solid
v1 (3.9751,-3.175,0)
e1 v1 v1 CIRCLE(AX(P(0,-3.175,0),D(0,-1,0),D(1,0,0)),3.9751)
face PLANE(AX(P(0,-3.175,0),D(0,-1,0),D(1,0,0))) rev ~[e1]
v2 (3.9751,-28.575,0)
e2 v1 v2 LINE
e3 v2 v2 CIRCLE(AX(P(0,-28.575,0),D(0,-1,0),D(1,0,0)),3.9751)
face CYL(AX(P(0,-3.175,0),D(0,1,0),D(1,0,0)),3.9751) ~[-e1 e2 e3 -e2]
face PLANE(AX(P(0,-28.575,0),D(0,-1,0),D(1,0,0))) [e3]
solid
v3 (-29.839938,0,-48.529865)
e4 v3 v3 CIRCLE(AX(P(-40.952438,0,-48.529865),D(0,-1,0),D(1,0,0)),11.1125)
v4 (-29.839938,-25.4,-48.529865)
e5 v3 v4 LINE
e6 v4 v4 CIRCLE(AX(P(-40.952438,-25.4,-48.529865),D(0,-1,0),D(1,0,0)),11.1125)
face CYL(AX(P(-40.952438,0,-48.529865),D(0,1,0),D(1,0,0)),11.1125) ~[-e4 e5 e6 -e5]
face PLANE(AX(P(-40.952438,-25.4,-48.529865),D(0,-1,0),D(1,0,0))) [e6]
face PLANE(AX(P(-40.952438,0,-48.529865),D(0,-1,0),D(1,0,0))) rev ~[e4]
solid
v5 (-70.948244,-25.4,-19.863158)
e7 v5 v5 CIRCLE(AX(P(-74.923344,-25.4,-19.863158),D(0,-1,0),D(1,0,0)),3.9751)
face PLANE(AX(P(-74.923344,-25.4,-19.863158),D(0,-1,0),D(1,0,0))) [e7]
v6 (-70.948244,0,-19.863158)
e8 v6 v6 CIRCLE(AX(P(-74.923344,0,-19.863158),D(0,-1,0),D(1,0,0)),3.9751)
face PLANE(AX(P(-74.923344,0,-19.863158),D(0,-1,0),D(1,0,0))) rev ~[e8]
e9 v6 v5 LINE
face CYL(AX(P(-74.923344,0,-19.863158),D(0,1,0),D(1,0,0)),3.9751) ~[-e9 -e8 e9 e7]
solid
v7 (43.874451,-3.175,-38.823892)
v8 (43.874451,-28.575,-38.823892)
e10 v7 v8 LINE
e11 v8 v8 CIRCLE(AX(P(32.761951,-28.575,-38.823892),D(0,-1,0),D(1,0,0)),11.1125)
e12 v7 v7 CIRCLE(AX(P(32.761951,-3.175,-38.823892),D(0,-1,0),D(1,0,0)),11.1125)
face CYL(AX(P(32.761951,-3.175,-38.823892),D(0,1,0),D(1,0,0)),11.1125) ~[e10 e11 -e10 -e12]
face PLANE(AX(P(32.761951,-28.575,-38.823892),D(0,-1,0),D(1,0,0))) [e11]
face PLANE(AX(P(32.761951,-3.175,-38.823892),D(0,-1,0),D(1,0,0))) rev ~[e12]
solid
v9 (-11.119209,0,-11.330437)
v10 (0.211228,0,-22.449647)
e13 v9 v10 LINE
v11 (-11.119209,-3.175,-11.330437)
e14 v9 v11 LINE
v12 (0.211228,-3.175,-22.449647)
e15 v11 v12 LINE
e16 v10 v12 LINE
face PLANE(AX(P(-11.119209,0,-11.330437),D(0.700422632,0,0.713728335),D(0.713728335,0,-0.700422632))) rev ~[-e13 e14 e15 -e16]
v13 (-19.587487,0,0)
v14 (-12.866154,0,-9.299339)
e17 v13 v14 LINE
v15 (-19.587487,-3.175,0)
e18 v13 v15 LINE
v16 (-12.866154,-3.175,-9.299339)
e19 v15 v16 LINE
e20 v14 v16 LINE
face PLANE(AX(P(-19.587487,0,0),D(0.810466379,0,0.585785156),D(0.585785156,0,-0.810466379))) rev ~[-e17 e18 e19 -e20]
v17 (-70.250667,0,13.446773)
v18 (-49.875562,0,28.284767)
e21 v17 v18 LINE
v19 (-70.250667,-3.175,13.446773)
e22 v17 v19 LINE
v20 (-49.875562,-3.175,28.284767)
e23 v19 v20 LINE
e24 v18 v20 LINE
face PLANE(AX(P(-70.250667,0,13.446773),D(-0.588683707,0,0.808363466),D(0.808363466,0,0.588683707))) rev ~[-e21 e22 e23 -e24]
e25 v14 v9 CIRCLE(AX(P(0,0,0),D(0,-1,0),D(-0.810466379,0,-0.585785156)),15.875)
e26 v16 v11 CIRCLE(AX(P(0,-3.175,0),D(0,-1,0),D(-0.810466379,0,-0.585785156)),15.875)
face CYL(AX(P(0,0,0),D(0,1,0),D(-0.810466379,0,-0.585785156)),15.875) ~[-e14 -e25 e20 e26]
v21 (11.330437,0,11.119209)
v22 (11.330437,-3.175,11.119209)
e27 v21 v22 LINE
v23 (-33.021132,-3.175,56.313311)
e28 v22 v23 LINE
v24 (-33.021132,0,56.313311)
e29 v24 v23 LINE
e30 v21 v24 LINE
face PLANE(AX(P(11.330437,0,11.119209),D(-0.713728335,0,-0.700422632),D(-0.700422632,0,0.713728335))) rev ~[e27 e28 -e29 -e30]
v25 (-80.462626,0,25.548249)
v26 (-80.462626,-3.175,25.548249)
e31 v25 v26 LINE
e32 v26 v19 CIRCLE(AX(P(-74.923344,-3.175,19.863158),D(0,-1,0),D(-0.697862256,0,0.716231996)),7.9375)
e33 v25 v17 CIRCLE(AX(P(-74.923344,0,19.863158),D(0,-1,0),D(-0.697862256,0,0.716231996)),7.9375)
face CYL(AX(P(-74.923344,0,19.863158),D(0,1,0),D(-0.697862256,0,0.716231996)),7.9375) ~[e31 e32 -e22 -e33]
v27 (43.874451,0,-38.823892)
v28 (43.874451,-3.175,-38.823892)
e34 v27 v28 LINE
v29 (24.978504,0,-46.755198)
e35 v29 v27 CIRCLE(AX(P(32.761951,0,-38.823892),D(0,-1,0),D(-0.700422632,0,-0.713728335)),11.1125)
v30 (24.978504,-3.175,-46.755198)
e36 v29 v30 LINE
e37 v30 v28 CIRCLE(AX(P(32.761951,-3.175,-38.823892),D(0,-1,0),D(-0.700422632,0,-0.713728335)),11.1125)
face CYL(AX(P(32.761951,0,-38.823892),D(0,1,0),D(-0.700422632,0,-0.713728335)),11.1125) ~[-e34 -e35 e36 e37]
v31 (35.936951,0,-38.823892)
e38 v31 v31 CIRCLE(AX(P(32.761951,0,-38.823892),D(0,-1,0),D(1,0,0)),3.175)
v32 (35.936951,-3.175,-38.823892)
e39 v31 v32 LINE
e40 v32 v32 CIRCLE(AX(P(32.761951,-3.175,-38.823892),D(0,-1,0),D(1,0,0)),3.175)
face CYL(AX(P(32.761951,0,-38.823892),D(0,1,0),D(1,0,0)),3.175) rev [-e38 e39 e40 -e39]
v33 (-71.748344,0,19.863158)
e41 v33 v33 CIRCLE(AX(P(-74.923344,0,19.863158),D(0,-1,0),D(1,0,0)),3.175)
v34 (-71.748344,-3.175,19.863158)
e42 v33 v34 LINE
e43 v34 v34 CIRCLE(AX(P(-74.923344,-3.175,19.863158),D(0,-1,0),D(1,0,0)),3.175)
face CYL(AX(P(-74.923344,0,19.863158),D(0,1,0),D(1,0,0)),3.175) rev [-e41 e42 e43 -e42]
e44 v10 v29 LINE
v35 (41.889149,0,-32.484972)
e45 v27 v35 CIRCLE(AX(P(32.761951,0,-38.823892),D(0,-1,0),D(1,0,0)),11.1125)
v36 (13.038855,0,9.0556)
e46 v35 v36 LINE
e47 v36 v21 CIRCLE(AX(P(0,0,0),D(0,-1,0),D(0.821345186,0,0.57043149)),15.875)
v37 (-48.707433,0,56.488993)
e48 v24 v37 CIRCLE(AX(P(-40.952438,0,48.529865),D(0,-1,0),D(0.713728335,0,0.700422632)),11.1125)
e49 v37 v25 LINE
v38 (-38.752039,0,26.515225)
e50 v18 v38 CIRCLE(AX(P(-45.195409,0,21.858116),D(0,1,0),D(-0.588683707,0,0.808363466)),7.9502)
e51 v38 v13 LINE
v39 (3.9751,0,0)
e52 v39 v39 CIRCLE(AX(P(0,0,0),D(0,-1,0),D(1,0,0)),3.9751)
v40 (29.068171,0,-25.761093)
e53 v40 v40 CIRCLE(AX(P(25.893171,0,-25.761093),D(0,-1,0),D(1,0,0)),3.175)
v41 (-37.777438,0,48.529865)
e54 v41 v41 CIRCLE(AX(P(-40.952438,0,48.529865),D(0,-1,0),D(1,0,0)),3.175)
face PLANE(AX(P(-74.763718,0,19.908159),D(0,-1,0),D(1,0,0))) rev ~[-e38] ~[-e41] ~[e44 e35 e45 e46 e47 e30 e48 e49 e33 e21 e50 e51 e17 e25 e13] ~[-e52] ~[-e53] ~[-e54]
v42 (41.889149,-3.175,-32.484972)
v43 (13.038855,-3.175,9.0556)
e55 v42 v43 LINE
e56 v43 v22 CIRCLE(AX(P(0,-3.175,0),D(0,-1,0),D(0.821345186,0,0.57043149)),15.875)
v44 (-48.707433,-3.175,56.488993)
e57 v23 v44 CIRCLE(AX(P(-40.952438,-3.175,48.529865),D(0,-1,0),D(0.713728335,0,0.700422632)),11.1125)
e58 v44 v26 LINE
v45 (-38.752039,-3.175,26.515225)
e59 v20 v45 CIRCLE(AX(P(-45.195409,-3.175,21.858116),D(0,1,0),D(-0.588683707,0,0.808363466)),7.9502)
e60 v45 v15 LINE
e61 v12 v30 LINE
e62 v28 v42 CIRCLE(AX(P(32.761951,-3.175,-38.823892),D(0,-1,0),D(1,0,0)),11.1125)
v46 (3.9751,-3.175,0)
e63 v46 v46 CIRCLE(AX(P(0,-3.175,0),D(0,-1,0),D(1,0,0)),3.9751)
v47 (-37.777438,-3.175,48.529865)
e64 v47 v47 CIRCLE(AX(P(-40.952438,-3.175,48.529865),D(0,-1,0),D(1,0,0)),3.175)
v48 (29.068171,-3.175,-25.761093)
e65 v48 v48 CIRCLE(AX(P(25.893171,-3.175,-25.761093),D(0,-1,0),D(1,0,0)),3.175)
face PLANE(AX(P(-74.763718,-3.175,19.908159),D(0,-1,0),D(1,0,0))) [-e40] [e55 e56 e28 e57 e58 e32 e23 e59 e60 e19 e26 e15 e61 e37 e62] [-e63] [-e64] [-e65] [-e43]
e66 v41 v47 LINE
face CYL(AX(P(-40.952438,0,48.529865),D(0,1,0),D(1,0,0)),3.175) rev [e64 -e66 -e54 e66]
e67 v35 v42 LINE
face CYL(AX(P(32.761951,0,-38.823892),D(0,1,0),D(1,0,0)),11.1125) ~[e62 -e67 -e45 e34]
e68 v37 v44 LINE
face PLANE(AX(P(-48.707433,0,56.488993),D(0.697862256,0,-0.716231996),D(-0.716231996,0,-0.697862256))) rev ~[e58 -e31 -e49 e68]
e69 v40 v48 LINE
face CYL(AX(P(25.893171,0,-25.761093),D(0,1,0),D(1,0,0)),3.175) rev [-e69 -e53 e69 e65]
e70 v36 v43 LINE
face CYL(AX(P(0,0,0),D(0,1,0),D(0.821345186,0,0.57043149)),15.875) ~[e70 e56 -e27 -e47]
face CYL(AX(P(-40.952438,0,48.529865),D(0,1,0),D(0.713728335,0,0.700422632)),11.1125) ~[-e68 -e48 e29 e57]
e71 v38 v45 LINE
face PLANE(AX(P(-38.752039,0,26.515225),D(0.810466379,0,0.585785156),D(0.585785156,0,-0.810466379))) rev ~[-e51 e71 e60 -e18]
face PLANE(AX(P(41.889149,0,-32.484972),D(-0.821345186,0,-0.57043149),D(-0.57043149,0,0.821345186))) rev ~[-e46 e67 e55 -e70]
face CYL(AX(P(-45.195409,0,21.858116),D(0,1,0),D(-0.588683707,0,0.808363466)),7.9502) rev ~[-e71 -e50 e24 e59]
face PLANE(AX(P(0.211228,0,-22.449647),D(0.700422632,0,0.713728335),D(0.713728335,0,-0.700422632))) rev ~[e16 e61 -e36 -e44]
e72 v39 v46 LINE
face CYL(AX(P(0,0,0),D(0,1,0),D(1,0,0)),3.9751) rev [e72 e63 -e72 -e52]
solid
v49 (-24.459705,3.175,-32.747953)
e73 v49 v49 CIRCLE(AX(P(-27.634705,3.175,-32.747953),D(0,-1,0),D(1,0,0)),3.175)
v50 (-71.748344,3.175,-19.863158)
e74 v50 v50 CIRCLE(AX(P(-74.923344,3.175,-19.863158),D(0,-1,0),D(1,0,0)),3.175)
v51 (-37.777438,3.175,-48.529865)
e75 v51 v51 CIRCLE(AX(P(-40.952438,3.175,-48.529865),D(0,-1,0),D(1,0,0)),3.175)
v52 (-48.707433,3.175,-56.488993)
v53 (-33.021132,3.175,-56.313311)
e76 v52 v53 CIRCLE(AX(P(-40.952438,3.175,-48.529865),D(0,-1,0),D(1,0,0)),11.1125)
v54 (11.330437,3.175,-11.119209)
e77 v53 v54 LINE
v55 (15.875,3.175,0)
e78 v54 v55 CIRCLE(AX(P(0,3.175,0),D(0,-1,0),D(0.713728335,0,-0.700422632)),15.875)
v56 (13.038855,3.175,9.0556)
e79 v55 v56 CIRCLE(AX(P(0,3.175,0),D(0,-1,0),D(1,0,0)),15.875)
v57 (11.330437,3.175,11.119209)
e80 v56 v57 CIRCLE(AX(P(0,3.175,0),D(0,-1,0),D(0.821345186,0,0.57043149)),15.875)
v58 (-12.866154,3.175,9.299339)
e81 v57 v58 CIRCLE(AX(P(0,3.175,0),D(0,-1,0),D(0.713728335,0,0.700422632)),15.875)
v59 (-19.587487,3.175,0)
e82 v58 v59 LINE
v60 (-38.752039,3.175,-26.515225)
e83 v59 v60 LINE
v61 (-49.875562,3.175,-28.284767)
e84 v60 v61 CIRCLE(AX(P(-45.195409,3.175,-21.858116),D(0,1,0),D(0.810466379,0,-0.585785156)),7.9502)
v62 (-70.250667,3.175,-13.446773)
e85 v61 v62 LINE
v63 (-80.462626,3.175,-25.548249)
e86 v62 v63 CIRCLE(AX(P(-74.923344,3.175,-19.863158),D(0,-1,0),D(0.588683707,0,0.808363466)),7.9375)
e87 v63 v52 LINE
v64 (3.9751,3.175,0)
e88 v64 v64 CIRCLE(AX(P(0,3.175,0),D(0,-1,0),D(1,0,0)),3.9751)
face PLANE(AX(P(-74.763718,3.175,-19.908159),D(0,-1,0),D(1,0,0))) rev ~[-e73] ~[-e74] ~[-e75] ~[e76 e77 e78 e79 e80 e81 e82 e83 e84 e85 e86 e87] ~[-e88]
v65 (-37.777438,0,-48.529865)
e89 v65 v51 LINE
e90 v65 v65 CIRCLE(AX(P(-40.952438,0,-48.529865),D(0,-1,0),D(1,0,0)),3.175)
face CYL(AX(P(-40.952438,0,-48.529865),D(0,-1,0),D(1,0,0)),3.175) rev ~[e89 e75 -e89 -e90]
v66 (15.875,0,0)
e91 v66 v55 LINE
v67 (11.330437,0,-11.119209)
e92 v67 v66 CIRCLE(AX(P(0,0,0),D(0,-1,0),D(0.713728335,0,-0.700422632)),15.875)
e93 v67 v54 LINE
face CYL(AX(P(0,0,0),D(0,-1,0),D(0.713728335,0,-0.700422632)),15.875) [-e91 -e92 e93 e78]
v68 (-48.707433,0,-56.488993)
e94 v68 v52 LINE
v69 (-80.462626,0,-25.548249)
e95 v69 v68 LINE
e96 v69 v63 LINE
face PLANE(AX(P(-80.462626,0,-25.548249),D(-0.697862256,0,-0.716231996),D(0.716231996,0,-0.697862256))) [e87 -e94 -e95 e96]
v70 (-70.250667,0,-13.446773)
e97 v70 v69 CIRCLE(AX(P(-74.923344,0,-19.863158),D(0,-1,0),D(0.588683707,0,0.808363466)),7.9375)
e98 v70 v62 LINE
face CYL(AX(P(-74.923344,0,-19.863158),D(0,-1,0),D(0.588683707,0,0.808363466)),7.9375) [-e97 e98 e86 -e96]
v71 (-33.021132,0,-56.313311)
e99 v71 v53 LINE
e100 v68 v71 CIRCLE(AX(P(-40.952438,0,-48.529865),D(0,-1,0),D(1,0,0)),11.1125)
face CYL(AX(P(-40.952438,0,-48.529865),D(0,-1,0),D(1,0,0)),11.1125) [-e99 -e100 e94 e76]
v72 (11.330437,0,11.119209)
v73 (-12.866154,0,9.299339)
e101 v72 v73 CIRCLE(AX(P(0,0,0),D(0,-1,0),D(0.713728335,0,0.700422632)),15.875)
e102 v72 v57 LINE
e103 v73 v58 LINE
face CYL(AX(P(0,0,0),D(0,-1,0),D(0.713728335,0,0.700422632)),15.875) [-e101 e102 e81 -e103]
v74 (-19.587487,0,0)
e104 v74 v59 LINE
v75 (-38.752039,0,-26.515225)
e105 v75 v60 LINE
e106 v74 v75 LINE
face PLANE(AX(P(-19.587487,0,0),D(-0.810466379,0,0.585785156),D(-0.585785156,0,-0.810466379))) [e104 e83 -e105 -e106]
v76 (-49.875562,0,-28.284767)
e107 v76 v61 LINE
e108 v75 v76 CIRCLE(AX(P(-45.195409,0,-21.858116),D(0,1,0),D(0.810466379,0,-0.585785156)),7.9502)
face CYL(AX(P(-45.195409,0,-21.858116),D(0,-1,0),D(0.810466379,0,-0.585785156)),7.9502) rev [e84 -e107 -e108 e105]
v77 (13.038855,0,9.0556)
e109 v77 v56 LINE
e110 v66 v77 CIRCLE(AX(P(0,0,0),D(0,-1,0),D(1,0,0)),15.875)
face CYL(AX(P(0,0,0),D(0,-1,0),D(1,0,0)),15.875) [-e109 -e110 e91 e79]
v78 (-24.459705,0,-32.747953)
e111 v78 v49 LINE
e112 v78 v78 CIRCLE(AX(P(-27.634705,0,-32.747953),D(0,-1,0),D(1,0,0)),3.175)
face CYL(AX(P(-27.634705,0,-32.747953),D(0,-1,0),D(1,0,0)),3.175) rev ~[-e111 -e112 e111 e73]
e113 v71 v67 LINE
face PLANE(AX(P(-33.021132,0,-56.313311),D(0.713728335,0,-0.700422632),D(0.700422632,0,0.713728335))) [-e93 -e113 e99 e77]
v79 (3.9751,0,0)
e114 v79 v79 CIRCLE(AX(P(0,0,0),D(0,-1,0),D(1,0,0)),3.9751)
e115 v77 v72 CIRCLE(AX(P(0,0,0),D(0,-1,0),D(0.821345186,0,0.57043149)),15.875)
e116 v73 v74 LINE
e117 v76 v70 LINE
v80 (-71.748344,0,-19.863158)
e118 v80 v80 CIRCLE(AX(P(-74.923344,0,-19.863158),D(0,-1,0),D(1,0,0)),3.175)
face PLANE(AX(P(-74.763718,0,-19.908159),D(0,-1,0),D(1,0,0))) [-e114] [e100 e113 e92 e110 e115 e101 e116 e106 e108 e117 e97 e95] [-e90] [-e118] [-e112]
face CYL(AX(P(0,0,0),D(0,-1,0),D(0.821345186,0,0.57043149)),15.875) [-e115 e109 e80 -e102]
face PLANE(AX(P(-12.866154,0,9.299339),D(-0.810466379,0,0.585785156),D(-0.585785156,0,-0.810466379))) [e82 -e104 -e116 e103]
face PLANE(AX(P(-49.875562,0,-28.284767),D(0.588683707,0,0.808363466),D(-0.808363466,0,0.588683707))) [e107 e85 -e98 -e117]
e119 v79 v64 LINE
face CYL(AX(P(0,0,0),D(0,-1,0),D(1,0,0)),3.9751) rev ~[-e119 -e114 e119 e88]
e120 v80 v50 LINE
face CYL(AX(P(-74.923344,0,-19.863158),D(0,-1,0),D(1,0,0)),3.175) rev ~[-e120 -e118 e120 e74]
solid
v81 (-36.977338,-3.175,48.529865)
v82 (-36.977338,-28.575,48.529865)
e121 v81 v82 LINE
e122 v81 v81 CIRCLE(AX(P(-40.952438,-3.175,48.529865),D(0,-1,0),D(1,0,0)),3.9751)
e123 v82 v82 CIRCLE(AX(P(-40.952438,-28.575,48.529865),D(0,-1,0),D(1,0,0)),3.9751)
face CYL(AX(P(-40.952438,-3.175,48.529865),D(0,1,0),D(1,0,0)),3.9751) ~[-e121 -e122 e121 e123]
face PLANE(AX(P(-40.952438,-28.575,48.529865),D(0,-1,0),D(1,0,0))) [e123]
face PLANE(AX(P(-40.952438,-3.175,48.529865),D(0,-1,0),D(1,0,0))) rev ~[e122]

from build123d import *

# Parameters (mm, degrees)
F0_R     = 3.175
F0_R_2   = 3.9751
F1_DEPTH = 3.175
F2_DEPTH = 3.175
F3_R     = 3.9751
F5_DEPTH = 25.4
F3_R_2   = 11.1125
F4_R     = 11.1125
F4_R_2   = 3.9751


with BuildPart() as f1:
    # F0 (on Front) → F1 (new body)
    with BuildSketch(Plane.XZ):
        with BuildLine():
            ThreePointArc((-66.9858438501, 19.8631580146), (-71.8382297424, 27.1765687915), (-80.4626255048, 25.5482494826))
            ThreePointArc((-80.4626255048, 25.5482494826), (-80.9895769634, 14.7441032126), (-70.2506669259, 13.4467730034))
            ThreePointArc((-70.2506669259, 13.4467730034), (-67.8489788844, 16.263537676), (-66.9858438501, 19.8631580146))
        make_face()
        with Locations((-74.9233438501, 19.8631580146)):
            Circle(F0_R, mode=Mode.SUBTRACT)
        with BuildLine():
            ThreePointArc((-12.8661537652, 9.299339347), (-1.190625, 15.8302885984), (11.3304373246, 11.1192092809))
            Line((11.3304373246, 11.1192092809), (-33.0211322888, 56.3133114025))
            ThreePointArc((-33.0211322888, 56.3133114025), (-30.6659352301, 52.7340899778), (-29.8399384161, 48.5298649058))
            ThreePointArc((-29.8399384161, 48.5298649058), (-45.2715981669, 38.2910898181), (-48.7074327326, 56.4889929611))
            Line((-48.7074327326, 56.4889929611), (-80.4626255048, 25.5482494826))
            ThreePointArc((-80.4626255048, 25.5482494826), (-71.8382297424, 27.1765687915), (-66.9858438501, 19.8631580146))
            ThreePointArc((-66.9858438501, 19.8631580146), (-67.8489788844, 16.263537676), (-70.2506669259, 13.4467730034))
            Line((-70.2506669259, 13.4467730034), (-49.875562384, 28.2847667734))
            ThreePointArc((-49.875562384, 28.2847667734), (-43.9463883649, 29.7095884686), (-38.7520393711, 26.5152246911))
            Line((-38.7520393711, 26.5152246911), (-19.5874874185, 0))
            Line((-19.5874874185, 0), (-12.8661537652, 9.299339347))
        make_face()
        with BuildLine():
            ThreePointArc((-29.8399384161, 48.5298649058), (-30.6659352301, 52.7340899778), (-33.0211322888, 56.3133114025))
            ThreePointArc((-33.0211322888, 56.3133114025), (-40.8279897674, 59.6416680351), (-48.7074327326, 56.4889929611))
            ThreePointArc((-48.7074327326, 56.4889929611), (-45.2715981669, 38.2910898181), (-29.8399384161, 48.5298649058))
        make_face()
        with Locations((-40.9524384161, 48.5298649058)):
            Circle(F0_R, mode=Mode.SUBTRACT)
        with BuildLine():
            ThreePointArc((11.3304373246, -11.1192092809), (14.6950045513, -6.0060358171), (15.875, 0))
            ThreePointArc((15.875, 0), (15.1493802753, 4.7446709342), (13.0388548317, 9.0555999071))
            ThreePointArc((13.0388548317, 9.0555999071), (12.2282550252, 10.1235074968), (11.3304373246, 11.1192092809))
            ThreePointArc((11.3304373246, 11.1192092809), (-1.190625, 15.8302885984), (-12.8661537652, 9.299339347))
            ThreePointArc((-12.8661537652, 9.299339347), (-15.875, 0), (-12.8661537652, -9.299339347))
            ThreePointArc((-12.8661537652, -9.299339347), (-12.0356034274, -10.3518054047), (-11.1192092809, -11.3304373246))
            ThreePointArc((-11.1192092809, -11.3304373246), (0.1493607821, -15.87429735), (11.3304373246, -11.1192092809))
        make_face()
        Circle(F0_R_2, mode=Mode.SUBTRACT)
        with BuildLine():
            ThreePointArc((13.0388548317, 9.0555999071), (15.1493802753, 4.7446709342), (15.875, 0))
            ThreePointArc((15.875, 0), (14.6950045513, -6.0060358171), (11.3304373246, -11.1192092809))
            Line((11.3304373246, -11.1192092809), (0.2112280437, -22.4496466055))
            Line((0.2112280437, -22.4496466055), (24.9785042362, -46.7551980519))
            ThreePointArc((24.9785042362, -46.7551980519), (25.59527401, -30.3311655661), (41.889149115, -32.4849719897))
            Line((41.889149115, -32.4849719897), (13.0388548317, 9.0555999071))
        make_face()
        with Locations((25.8931709816, -25.7610933689)):
            Circle(F0_R, mode=Mode.SUBTRACT)
        with BuildLine():
            ThreePointArc((43.8744507328, -38.8238919247), (43.3665169256, -35.5026222708), (41.889149115, -32.4849719897))
            ThreePointArc((41.889149115, -32.4849719897), (25.59527401, -30.3311655661), (24.9785042362, -46.7551980519))
            ThreePointArc((24.9785042362, -46.7551980519), (37.0627708323, -49.0703841402), (43.8744507328, -38.8238919247))
        make_face()
        with Locations((32.7619507328, -38.8238919247)):
            Circle(F0_R, mode=Mode.SUBTRACT)
        with BuildLine():
            ThreePointArc((-12.8661537652, -9.299339347), (-15.875, 0), (-12.8661537652, 9.299339347))
            Line((-12.8661537652, 9.299339347), (-19.5874874185, 0))
            Line((-19.5874874185, 0), (-12.8661537652, -9.299339347))
        make_face()
        with BuildLine():
            Line((0.2112280437, -22.4496466055), (11.3304373246, -11.1192092809))
            ThreePointArc((11.3304373246, -11.1192092809), (0.1493607821, -15.87429735), (-11.1192092809, -11.3304373246))
            Line((-11.1192092809, -11.3304373246), (0.2112280437, -22.4496466055))
        make_face()
    extrude(amount=F1_DEPTH)


with BuildPart() as f2:
    # F0 (on Front) → F2 (new body)
    with BuildSketch(Plane.XZ):
        with BuildLine():
            ThreePointArc((-70.2506669259, -13.4467730034), (-80.9895769634, -14.7441032126), (-80.4626255048, -25.5482494826))
            ThreePointArc((-80.4626255048, -25.5482494826), (-71.8382297424, -27.1765687915), (-66.9858438501, -19.8631580146))
            ThreePointArc((-66.9858438501, -19.8631580146), (-67.8489788844, -16.263537676), (-70.2506669259, -13.4467730034))
        make_face()
        with Locations((-74.9233438501, -19.8631580146)):
            Circle(F0_R, mode=Mode.SUBTRACT)
        with BuildLine():
            Line((0.2112280437, -22.4496466055), (-11.1192092809, -11.3304373246))
            ThreePointArc((-11.1192092809, -11.3304373246), (-12.0356034274, -10.3518054047), (-12.8661537652, -9.299339347))
            Line((-12.8661537652, -9.299339347), (-19.5874874185, 0))
            Line((-19.5874874185, 0), (-38.7520393711, -26.5152246911))
            ThreePointArc((-38.7520393711, -26.5152246911), (-43.9463883649, -29.7095884686), (-49.875562384, -28.2847667734))
            Line((-49.875562384, -28.2847667734), (-70.2506669259, -13.4467730034))
            ThreePointArc((-70.2506669259, -13.4467730034), (-67.8489788844, -16.263537676), (-66.9858438501, -19.8631580146))
            ThreePointArc((-66.9858438501, -19.8631580146), (-71.8382297424, -27.1765687915), (-80.4626255048, -25.5482494826))
            Line((-80.4626255048, -25.5482494826), (-48.7074327326, -56.4889929611))
            ThreePointArc((-48.7074327326, -56.4889929611), (-45.2715981669, -38.2910898181), (-29.8399384161, -48.5298649058))
            ThreePointArc((-29.8399384161, -48.5298649058), (-30.6659352301, -52.7340899778), (-33.0211322888, -56.3133114025))
            Line((-33.0211322888, -56.3133114025), (0.2112280437, -22.4496466055))
        make_face()
        with Locations((-27.6347054432, -32.7479528385)):
            Circle(F0_R, mode=Mode.SUBTRACT)
        with BuildLine():
            ThreePointArc((11.3304373246, -11.1192092809), (14.6950045513, -6.0060358171), (15.875, 0))
            ThreePointArc((15.875, 0), (15.1493802753, 4.7446709342), (13.0388548317, 9.0555999071))
            ThreePointArc((13.0388548317, 9.0555999071), (12.2282550252, 10.1235074968), (11.3304373246, 11.1192092809))
            ThreePointArc((11.3304373246, 11.1192092809), (-1.190625, 15.8302885984), (-12.8661537652, 9.299339347))
            ThreePointArc((-12.8661537652, 9.299339347), (-15.875, 0), (-12.8661537652, -9.299339347))
            ThreePointArc((-12.8661537652, -9.299339347), (-12.0356034274, -10.3518054047), (-11.1192092809, -11.3304373246))
            ThreePointArc((-11.1192092809, -11.3304373246), (0.1493607821, -15.87429735), (11.3304373246, -11.1192092809))
        make_face()
        Circle(F0_R_2, mode=Mode.SUBTRACT)
        with BuildLine():
            Line((0.2112280437, -22.4496466055), (11.3304373246, -11.1192092809))
            ThreePointArc((11.3304373246, -11.1192092809), (0.1493607821, -15.87429735), (-11.1192092809, -11.3304373246))
            Line((-11.1192092809, -11.3304373246), (0.2112280437, -22.4496466055))
        make_face()
        with BuildLine():
            ThreePointArc((-12.8661537652, -9.299339347), (-15.875, 0), (-12.8661537652, 9.299339347))
            Line((-12.8661537652, 9.299339347), (-19.5874874185, 0))
            Line((-19.5874874185, 0), (-12.8661537652, -9.299339347))
        make_face()
        with BuildLine():
            ThreePointArc((-48.7074327326, -56.4889929611), (-40.8279897674, -59.6416680351), (-33.0211322888, -56.3133114025))
            ThreePointArc((-33.0211322888, -56.3133114025), (-30.6659352301, -52.7340899778), (-29.8399384161, -48.5298649058))
            ThreePointArc((-29.8399384161, -48.5298649058), (-45.2715981669, -38.2910898181), (-48.7074327326, -56.4889929611))
        make_face()
        with Locations((-40.9524384161, -48.5298649058)):
            Circle(F0_R, mode=Mode.SUBTRACT)
    extrude(amount=-F2_DEPTH)


with BuildPart() as f5:
    # F3 (on face) → F5 (new body)
    with BuildSketch(Plane.XZ.offset(3.175)):
        Circle(F3_R)
    extrude(amount=F5_DEPTH)


with BuildPart() as f5b:
    # F3 (on face) → F5, piece 2 (new body)
    with BuildSketch(Plane.XZ.offset(3.175)):
        with Locations((32.7619507328, -38.8238919247)):
            Circle(F3_R_2)
    extrude(amount=F5_DEPTH)


with BuildPart() as f5c:
    # F3 (on face) → F5, piece 3 (new body)
    with BuildSketch(Plane.XZ.offset(3.175)):
        with Locations((-40.9524384161, 48.5298649058)):
            Circle(F3_R)
    extrude(amount=F5_DEPTH)


with BuildPart() as f5d:
    # F4 (on face) → F5, piece 4 (new body)
    with BuildSketch(Plane.XZ):
        with Locations((-40.9524384161, -48.5298649058)):
            Circle(F4_R)
    extrude(amount=F5_DEPTH)


with BuildPart() as f5e:
    # F4 (on face) → F5, piece 5 (new body)
    with BuildSketch(Plane.XZ):
        with Locations((-74.9233438501, -19.8631580146)):
            Circle(F4_R_2)
    extrude(amount=F5_DEPTH)


solid = Compound([f1.part, f2.part, f5.part, f5b.part, f5c.part, f5d.part, f5e.part])
